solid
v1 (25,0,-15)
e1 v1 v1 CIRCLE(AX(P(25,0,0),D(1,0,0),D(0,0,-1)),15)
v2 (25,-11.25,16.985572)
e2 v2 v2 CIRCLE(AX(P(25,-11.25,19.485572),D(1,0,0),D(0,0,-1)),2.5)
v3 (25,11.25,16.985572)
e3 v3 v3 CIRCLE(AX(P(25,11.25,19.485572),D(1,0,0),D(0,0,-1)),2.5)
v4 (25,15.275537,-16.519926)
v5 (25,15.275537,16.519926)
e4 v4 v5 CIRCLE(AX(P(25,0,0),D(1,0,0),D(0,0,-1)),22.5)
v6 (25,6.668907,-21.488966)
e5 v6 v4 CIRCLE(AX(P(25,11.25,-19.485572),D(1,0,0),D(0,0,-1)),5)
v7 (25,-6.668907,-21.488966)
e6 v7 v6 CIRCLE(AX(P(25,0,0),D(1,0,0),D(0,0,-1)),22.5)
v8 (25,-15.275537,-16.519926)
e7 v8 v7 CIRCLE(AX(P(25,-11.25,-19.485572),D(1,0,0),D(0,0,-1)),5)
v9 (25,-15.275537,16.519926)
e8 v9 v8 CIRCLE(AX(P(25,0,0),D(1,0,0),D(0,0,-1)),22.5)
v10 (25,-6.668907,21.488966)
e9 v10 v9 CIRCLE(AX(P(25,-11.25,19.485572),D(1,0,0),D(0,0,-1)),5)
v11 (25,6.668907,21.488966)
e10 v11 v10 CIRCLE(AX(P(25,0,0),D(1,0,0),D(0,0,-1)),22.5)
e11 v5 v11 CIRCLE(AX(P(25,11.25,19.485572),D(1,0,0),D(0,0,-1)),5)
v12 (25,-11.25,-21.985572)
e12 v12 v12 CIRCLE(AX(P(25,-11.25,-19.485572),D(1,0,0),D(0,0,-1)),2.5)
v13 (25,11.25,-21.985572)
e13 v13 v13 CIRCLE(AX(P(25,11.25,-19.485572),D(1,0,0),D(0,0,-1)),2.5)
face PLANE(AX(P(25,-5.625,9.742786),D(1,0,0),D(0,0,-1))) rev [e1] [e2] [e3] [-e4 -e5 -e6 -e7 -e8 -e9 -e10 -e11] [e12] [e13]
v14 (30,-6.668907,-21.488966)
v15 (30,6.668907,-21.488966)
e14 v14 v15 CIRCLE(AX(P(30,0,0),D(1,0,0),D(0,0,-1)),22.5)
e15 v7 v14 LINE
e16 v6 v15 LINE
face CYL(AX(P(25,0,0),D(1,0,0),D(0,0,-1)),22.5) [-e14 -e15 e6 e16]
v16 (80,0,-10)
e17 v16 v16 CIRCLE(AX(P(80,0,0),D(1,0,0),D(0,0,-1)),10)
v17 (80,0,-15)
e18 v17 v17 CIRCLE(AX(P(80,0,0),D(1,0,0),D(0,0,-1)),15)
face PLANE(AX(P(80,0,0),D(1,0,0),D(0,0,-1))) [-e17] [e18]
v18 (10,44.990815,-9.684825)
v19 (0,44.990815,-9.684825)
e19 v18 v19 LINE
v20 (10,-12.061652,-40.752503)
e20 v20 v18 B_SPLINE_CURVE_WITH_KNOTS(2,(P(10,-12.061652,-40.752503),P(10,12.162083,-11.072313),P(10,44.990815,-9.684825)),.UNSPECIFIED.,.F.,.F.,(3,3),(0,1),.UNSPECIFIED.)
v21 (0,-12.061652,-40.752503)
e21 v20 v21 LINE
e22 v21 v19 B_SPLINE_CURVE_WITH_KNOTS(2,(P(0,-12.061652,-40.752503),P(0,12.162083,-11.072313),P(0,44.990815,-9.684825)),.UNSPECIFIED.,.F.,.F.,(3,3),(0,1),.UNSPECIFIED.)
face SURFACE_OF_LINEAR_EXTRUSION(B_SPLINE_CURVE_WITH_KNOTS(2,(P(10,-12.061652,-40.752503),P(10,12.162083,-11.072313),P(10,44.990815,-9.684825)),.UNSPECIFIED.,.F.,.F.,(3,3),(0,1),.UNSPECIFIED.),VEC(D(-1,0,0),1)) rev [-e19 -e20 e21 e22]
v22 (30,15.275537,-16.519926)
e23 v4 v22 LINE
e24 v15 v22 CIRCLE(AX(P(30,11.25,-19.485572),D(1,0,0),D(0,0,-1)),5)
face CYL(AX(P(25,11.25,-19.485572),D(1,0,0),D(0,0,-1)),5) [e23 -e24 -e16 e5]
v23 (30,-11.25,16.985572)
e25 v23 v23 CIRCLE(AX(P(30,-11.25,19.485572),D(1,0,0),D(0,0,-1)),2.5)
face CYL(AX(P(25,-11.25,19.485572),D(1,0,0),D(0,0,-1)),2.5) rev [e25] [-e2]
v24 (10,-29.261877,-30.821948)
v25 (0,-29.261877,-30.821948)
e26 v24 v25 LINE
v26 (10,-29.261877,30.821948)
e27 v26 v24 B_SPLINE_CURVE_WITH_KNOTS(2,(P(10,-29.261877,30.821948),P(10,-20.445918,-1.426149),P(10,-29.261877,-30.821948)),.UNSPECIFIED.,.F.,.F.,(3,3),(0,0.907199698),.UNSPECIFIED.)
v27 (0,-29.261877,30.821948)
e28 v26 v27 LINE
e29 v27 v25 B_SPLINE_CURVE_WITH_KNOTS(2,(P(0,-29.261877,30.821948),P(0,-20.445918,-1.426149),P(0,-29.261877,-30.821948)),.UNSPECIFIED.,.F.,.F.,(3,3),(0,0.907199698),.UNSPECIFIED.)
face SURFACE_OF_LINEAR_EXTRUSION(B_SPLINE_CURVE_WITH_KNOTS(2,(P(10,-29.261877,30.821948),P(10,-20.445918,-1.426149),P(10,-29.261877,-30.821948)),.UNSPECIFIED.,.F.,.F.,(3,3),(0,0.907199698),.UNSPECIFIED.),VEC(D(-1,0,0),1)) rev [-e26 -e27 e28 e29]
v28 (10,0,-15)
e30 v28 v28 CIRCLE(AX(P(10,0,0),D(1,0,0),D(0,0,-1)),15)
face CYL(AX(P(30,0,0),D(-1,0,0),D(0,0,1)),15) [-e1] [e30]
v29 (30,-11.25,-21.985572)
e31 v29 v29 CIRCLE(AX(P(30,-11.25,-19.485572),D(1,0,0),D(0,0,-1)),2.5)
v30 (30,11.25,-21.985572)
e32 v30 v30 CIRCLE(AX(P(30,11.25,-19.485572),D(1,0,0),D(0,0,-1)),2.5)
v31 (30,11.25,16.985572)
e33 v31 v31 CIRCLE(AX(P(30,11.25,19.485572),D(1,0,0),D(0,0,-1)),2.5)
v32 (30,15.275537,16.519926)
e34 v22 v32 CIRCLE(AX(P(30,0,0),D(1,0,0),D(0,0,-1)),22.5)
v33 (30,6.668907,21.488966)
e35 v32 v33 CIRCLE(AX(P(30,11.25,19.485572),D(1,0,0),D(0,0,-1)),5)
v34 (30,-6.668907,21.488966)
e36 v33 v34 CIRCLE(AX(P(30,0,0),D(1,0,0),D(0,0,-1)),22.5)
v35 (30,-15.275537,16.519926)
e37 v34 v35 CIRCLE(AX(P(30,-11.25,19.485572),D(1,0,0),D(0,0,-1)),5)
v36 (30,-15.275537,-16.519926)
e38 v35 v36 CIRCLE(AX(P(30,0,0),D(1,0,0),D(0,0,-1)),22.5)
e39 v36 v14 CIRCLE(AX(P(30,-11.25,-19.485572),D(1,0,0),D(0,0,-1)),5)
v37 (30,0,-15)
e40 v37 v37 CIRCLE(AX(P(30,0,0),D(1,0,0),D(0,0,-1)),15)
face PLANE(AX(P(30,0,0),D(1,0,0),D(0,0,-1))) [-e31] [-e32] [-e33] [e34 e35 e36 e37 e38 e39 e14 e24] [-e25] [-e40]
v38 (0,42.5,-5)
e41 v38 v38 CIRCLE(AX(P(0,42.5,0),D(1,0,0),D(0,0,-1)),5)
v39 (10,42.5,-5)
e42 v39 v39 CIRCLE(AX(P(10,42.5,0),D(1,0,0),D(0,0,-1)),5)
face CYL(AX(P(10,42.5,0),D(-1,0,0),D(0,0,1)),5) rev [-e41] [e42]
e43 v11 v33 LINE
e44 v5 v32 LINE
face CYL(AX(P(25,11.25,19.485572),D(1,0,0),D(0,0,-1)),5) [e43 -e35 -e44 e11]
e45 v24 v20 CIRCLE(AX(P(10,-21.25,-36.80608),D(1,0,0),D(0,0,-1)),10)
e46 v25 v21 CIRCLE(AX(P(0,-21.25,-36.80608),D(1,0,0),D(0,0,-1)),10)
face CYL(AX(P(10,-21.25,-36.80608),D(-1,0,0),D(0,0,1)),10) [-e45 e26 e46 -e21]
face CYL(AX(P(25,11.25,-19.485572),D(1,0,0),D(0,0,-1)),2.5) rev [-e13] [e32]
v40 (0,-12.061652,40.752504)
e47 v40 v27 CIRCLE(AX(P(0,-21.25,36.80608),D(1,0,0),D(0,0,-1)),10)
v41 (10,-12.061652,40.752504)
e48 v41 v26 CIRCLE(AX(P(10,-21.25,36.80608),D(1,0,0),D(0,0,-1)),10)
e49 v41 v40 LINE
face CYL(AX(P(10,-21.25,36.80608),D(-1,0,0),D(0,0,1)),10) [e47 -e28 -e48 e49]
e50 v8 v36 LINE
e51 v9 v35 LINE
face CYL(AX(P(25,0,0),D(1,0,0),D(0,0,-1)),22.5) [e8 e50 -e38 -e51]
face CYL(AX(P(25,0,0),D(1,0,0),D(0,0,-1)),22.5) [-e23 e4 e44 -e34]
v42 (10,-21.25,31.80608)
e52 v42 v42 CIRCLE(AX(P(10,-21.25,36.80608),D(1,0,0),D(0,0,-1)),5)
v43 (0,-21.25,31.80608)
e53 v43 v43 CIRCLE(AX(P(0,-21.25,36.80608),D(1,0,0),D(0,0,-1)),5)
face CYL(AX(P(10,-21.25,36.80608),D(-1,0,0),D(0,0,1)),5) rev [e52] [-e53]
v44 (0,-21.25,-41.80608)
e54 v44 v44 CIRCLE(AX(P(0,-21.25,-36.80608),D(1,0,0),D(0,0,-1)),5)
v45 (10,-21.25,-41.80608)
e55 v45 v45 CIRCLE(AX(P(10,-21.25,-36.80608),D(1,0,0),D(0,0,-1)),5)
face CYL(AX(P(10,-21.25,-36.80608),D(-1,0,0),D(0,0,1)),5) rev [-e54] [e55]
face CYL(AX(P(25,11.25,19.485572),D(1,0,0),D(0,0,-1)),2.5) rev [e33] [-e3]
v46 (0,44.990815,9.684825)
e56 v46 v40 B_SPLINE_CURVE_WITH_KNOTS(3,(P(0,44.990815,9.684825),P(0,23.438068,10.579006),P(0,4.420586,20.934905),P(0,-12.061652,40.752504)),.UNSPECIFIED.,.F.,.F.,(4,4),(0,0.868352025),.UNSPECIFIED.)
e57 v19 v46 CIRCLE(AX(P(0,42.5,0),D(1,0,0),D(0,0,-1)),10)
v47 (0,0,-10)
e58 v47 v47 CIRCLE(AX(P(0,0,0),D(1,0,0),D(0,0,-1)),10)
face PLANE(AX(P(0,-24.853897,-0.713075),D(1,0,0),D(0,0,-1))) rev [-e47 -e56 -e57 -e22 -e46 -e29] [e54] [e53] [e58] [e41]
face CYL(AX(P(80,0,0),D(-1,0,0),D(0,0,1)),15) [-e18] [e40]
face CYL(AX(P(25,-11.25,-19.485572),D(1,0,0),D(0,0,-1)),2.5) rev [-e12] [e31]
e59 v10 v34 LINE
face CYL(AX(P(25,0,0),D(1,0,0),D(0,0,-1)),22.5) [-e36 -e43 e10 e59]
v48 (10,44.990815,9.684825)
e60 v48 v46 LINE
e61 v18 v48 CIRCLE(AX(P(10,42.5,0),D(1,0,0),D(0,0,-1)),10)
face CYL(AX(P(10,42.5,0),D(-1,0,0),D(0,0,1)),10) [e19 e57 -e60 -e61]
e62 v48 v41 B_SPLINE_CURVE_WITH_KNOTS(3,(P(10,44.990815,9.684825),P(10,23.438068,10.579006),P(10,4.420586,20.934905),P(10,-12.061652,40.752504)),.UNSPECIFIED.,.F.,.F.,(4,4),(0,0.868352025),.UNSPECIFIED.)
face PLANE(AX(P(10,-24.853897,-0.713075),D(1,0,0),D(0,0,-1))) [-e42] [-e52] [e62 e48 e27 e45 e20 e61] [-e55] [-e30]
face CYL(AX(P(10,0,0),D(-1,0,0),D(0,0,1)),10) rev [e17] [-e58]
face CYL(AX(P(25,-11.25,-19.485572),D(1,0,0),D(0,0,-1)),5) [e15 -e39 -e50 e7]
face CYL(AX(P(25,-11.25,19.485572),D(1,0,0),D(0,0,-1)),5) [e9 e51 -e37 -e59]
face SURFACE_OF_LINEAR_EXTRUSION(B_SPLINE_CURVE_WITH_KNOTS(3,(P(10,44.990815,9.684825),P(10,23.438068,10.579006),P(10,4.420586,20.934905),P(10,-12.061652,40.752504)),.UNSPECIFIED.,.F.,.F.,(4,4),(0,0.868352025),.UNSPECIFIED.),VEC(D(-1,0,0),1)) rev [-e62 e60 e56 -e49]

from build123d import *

# Parameters (mm, degrees)
SKETCH2_R           = 5
SKETCH2_R_2         = 10
BOSS_EXTRUDE2_DEPTH = 10
SKETCH3_R           = 15
SKETCH3_R_2         = 10
BOSS_EXTRUDE3_DEPTH = 20
SKETCH4_R           = 2.5
SKETCH4_R_2         = 15
BOSS_EXTRUDE5_DEPTH = 5
SKETCH5_R           = 15
SKETCH5_R_2         = 10
BOSS_EXTRUDE6_DEPTH = 50


with BuildPart() as part:
    # Sketch2 → Boss-Extrude2 (new body)
    with BuildSketch(Plane(origin=(0, 0, 0), x_dir=(0, 0, -1), z_dir=(1, 0, 0))):
        with BuildLine():
            ThreePointArc((9.684825363, 44.990814664), (8e-08, 52.5), (-9.684825323, 44.990814819))
            add(Edge.make_bspline(
                [(-40.752503599, -12.061652047), (-20.934905138, 4.420586079), (-10.579005904, 23.438067717), (-9.684825323, 44.990814819)],
                knots=[0, 0, 0, 0, 0.868352025, 0.868352025, 0.868352025, 0.868352025], degree=3))
            ThreePointArc((-40.752503599, -12.061652047), (-45.466333468, -26.2500004), (-30.821948144, -29.261876808))
            add(Edge.make_bspline(
                [(-30.821948144, -29.261876808), (1.426149217, -20.445917502), (30.821948237, -29.261876878)],
                knots=[0, 0, 0, 0.907199698, 0.907199698, 0.907199698], degree=2))
            ThreePointArc((30.821948237, -29.261876878), (45.466333568, -26.250000227), (40.752503338, -12.061651935))
            add(Edge.make_bspline(
                [(40.752503338, -12.061651935), (11.072313354, 12.162082971), (9.684825363, 44.990814664)],
                knots=[0, 0, 0, 1, 1, 1], degree=2))
        make_face()
        with Locations((0, 42.5)):
            Circle(SKETCH2_R, mode=Mode.SUBTRACT)
        with Locations((36.806079661, -21.25)):
            Circle(SKETCH2_R, mode=Mode.SUBTRACT)
        with Locations((-36.806079661, -21.25)):
            Circle(SKETCH2_R, mode=Mode.SUBTRACT)
        Circle(SKETCH2_R_2, mode=Mode.SUBTRACT)
    extrude(amount=BOSS_EXTRUDE2_DEPTH)

    # Sketch3 → Boss-Extrude3 (add)
    with BuildSketch(Plane(origin=(10, 0, 0), x_dir=(0, 0, -1), z_dir=(1, 0, 0))):
        Circle(SKETCH3_R)
        Circle(SKETCH3_R_2, mode=Mode.SUBTRACT)
    extrude(amount=BOSS_EXTRUDE3_DEPTH)

    # Sketch4 → Boss-Extrude5 (add)
    with BuildSketch(Plane(origin=(30, 0, 0), x_dir=(0, 0, -1), z_dir=(1, 0, 0))):
        with BuildLine():
            ThreePointArc((21.488966336, 6.668907393), (23.815698604, 13.75), (16.519926386, 15.275537051))
            ThreePointArc((16.519926386, 15.275537051), (0, 22.5), (-16.519926386, 15.275537051))
            ThreePointArc((-16.519926386, 15.275537051), (-23.815698604, 13.75), (-21.488966336, 6.668907393))
            ThreePointArc((-21.488966336, 6.668907393), (-22.5, 0), (-21.488966336, -6.668907393))
            ThreePointArc((-21.488966336, -6.668907393), (-23.815698604, -13.75), (-16.519926386, -15.275537051))
            ThreePointArc((-16.519926386, -15.275537051), (0, -22.5), (16.519926386, -15.275537051))
            ThreePointArc((16.519926386, -15.275537051), (23.815698604, -13.75), (21.488966336, -6.668907393))
            ThreePointArc((21.488966336, -6.668907393), (22.5, 0), (21.488966336, 6.668907393))
        make_face()
        with Locations((19.485571585, 11.25)):
            Circle(SKETCH4_R, mode=Mode.SUBTRACT)
        with Locations((19.485571585, -11.25)):
            Circle(SKETCH4_R, mode=Mode.SUBTRACT)
        with Locations((-19.485571585, -11.25)):
            Circle(SKETCH4_R, mode=Mode.SUBTRACT)
        with Locations((-19.485571585, 11.25)):
            Circle(SKETCH4_R, mode=Mode.SUBTRACT)
        Circle(SKETCH4_R_2, mode=Mode.SUBTRACT)
    extrude(amount=-BOSS_EXTRUDE5_DEPTH)

    # Sketch5 → Boss-Extrude6 (add)
    with BuildSketch(Plane(origin=(30, 0, 0), x_dir=(0, 0, -1), z_dir=(1, 0, 0))):
        Circle(SKETCH5_R)
        Circle(SKETCH5_R_2, mode=Mode.SUBTRACT)
    extrude(amount=BOSS_EXTRUDE6_DEPTH)


solid = part.part
